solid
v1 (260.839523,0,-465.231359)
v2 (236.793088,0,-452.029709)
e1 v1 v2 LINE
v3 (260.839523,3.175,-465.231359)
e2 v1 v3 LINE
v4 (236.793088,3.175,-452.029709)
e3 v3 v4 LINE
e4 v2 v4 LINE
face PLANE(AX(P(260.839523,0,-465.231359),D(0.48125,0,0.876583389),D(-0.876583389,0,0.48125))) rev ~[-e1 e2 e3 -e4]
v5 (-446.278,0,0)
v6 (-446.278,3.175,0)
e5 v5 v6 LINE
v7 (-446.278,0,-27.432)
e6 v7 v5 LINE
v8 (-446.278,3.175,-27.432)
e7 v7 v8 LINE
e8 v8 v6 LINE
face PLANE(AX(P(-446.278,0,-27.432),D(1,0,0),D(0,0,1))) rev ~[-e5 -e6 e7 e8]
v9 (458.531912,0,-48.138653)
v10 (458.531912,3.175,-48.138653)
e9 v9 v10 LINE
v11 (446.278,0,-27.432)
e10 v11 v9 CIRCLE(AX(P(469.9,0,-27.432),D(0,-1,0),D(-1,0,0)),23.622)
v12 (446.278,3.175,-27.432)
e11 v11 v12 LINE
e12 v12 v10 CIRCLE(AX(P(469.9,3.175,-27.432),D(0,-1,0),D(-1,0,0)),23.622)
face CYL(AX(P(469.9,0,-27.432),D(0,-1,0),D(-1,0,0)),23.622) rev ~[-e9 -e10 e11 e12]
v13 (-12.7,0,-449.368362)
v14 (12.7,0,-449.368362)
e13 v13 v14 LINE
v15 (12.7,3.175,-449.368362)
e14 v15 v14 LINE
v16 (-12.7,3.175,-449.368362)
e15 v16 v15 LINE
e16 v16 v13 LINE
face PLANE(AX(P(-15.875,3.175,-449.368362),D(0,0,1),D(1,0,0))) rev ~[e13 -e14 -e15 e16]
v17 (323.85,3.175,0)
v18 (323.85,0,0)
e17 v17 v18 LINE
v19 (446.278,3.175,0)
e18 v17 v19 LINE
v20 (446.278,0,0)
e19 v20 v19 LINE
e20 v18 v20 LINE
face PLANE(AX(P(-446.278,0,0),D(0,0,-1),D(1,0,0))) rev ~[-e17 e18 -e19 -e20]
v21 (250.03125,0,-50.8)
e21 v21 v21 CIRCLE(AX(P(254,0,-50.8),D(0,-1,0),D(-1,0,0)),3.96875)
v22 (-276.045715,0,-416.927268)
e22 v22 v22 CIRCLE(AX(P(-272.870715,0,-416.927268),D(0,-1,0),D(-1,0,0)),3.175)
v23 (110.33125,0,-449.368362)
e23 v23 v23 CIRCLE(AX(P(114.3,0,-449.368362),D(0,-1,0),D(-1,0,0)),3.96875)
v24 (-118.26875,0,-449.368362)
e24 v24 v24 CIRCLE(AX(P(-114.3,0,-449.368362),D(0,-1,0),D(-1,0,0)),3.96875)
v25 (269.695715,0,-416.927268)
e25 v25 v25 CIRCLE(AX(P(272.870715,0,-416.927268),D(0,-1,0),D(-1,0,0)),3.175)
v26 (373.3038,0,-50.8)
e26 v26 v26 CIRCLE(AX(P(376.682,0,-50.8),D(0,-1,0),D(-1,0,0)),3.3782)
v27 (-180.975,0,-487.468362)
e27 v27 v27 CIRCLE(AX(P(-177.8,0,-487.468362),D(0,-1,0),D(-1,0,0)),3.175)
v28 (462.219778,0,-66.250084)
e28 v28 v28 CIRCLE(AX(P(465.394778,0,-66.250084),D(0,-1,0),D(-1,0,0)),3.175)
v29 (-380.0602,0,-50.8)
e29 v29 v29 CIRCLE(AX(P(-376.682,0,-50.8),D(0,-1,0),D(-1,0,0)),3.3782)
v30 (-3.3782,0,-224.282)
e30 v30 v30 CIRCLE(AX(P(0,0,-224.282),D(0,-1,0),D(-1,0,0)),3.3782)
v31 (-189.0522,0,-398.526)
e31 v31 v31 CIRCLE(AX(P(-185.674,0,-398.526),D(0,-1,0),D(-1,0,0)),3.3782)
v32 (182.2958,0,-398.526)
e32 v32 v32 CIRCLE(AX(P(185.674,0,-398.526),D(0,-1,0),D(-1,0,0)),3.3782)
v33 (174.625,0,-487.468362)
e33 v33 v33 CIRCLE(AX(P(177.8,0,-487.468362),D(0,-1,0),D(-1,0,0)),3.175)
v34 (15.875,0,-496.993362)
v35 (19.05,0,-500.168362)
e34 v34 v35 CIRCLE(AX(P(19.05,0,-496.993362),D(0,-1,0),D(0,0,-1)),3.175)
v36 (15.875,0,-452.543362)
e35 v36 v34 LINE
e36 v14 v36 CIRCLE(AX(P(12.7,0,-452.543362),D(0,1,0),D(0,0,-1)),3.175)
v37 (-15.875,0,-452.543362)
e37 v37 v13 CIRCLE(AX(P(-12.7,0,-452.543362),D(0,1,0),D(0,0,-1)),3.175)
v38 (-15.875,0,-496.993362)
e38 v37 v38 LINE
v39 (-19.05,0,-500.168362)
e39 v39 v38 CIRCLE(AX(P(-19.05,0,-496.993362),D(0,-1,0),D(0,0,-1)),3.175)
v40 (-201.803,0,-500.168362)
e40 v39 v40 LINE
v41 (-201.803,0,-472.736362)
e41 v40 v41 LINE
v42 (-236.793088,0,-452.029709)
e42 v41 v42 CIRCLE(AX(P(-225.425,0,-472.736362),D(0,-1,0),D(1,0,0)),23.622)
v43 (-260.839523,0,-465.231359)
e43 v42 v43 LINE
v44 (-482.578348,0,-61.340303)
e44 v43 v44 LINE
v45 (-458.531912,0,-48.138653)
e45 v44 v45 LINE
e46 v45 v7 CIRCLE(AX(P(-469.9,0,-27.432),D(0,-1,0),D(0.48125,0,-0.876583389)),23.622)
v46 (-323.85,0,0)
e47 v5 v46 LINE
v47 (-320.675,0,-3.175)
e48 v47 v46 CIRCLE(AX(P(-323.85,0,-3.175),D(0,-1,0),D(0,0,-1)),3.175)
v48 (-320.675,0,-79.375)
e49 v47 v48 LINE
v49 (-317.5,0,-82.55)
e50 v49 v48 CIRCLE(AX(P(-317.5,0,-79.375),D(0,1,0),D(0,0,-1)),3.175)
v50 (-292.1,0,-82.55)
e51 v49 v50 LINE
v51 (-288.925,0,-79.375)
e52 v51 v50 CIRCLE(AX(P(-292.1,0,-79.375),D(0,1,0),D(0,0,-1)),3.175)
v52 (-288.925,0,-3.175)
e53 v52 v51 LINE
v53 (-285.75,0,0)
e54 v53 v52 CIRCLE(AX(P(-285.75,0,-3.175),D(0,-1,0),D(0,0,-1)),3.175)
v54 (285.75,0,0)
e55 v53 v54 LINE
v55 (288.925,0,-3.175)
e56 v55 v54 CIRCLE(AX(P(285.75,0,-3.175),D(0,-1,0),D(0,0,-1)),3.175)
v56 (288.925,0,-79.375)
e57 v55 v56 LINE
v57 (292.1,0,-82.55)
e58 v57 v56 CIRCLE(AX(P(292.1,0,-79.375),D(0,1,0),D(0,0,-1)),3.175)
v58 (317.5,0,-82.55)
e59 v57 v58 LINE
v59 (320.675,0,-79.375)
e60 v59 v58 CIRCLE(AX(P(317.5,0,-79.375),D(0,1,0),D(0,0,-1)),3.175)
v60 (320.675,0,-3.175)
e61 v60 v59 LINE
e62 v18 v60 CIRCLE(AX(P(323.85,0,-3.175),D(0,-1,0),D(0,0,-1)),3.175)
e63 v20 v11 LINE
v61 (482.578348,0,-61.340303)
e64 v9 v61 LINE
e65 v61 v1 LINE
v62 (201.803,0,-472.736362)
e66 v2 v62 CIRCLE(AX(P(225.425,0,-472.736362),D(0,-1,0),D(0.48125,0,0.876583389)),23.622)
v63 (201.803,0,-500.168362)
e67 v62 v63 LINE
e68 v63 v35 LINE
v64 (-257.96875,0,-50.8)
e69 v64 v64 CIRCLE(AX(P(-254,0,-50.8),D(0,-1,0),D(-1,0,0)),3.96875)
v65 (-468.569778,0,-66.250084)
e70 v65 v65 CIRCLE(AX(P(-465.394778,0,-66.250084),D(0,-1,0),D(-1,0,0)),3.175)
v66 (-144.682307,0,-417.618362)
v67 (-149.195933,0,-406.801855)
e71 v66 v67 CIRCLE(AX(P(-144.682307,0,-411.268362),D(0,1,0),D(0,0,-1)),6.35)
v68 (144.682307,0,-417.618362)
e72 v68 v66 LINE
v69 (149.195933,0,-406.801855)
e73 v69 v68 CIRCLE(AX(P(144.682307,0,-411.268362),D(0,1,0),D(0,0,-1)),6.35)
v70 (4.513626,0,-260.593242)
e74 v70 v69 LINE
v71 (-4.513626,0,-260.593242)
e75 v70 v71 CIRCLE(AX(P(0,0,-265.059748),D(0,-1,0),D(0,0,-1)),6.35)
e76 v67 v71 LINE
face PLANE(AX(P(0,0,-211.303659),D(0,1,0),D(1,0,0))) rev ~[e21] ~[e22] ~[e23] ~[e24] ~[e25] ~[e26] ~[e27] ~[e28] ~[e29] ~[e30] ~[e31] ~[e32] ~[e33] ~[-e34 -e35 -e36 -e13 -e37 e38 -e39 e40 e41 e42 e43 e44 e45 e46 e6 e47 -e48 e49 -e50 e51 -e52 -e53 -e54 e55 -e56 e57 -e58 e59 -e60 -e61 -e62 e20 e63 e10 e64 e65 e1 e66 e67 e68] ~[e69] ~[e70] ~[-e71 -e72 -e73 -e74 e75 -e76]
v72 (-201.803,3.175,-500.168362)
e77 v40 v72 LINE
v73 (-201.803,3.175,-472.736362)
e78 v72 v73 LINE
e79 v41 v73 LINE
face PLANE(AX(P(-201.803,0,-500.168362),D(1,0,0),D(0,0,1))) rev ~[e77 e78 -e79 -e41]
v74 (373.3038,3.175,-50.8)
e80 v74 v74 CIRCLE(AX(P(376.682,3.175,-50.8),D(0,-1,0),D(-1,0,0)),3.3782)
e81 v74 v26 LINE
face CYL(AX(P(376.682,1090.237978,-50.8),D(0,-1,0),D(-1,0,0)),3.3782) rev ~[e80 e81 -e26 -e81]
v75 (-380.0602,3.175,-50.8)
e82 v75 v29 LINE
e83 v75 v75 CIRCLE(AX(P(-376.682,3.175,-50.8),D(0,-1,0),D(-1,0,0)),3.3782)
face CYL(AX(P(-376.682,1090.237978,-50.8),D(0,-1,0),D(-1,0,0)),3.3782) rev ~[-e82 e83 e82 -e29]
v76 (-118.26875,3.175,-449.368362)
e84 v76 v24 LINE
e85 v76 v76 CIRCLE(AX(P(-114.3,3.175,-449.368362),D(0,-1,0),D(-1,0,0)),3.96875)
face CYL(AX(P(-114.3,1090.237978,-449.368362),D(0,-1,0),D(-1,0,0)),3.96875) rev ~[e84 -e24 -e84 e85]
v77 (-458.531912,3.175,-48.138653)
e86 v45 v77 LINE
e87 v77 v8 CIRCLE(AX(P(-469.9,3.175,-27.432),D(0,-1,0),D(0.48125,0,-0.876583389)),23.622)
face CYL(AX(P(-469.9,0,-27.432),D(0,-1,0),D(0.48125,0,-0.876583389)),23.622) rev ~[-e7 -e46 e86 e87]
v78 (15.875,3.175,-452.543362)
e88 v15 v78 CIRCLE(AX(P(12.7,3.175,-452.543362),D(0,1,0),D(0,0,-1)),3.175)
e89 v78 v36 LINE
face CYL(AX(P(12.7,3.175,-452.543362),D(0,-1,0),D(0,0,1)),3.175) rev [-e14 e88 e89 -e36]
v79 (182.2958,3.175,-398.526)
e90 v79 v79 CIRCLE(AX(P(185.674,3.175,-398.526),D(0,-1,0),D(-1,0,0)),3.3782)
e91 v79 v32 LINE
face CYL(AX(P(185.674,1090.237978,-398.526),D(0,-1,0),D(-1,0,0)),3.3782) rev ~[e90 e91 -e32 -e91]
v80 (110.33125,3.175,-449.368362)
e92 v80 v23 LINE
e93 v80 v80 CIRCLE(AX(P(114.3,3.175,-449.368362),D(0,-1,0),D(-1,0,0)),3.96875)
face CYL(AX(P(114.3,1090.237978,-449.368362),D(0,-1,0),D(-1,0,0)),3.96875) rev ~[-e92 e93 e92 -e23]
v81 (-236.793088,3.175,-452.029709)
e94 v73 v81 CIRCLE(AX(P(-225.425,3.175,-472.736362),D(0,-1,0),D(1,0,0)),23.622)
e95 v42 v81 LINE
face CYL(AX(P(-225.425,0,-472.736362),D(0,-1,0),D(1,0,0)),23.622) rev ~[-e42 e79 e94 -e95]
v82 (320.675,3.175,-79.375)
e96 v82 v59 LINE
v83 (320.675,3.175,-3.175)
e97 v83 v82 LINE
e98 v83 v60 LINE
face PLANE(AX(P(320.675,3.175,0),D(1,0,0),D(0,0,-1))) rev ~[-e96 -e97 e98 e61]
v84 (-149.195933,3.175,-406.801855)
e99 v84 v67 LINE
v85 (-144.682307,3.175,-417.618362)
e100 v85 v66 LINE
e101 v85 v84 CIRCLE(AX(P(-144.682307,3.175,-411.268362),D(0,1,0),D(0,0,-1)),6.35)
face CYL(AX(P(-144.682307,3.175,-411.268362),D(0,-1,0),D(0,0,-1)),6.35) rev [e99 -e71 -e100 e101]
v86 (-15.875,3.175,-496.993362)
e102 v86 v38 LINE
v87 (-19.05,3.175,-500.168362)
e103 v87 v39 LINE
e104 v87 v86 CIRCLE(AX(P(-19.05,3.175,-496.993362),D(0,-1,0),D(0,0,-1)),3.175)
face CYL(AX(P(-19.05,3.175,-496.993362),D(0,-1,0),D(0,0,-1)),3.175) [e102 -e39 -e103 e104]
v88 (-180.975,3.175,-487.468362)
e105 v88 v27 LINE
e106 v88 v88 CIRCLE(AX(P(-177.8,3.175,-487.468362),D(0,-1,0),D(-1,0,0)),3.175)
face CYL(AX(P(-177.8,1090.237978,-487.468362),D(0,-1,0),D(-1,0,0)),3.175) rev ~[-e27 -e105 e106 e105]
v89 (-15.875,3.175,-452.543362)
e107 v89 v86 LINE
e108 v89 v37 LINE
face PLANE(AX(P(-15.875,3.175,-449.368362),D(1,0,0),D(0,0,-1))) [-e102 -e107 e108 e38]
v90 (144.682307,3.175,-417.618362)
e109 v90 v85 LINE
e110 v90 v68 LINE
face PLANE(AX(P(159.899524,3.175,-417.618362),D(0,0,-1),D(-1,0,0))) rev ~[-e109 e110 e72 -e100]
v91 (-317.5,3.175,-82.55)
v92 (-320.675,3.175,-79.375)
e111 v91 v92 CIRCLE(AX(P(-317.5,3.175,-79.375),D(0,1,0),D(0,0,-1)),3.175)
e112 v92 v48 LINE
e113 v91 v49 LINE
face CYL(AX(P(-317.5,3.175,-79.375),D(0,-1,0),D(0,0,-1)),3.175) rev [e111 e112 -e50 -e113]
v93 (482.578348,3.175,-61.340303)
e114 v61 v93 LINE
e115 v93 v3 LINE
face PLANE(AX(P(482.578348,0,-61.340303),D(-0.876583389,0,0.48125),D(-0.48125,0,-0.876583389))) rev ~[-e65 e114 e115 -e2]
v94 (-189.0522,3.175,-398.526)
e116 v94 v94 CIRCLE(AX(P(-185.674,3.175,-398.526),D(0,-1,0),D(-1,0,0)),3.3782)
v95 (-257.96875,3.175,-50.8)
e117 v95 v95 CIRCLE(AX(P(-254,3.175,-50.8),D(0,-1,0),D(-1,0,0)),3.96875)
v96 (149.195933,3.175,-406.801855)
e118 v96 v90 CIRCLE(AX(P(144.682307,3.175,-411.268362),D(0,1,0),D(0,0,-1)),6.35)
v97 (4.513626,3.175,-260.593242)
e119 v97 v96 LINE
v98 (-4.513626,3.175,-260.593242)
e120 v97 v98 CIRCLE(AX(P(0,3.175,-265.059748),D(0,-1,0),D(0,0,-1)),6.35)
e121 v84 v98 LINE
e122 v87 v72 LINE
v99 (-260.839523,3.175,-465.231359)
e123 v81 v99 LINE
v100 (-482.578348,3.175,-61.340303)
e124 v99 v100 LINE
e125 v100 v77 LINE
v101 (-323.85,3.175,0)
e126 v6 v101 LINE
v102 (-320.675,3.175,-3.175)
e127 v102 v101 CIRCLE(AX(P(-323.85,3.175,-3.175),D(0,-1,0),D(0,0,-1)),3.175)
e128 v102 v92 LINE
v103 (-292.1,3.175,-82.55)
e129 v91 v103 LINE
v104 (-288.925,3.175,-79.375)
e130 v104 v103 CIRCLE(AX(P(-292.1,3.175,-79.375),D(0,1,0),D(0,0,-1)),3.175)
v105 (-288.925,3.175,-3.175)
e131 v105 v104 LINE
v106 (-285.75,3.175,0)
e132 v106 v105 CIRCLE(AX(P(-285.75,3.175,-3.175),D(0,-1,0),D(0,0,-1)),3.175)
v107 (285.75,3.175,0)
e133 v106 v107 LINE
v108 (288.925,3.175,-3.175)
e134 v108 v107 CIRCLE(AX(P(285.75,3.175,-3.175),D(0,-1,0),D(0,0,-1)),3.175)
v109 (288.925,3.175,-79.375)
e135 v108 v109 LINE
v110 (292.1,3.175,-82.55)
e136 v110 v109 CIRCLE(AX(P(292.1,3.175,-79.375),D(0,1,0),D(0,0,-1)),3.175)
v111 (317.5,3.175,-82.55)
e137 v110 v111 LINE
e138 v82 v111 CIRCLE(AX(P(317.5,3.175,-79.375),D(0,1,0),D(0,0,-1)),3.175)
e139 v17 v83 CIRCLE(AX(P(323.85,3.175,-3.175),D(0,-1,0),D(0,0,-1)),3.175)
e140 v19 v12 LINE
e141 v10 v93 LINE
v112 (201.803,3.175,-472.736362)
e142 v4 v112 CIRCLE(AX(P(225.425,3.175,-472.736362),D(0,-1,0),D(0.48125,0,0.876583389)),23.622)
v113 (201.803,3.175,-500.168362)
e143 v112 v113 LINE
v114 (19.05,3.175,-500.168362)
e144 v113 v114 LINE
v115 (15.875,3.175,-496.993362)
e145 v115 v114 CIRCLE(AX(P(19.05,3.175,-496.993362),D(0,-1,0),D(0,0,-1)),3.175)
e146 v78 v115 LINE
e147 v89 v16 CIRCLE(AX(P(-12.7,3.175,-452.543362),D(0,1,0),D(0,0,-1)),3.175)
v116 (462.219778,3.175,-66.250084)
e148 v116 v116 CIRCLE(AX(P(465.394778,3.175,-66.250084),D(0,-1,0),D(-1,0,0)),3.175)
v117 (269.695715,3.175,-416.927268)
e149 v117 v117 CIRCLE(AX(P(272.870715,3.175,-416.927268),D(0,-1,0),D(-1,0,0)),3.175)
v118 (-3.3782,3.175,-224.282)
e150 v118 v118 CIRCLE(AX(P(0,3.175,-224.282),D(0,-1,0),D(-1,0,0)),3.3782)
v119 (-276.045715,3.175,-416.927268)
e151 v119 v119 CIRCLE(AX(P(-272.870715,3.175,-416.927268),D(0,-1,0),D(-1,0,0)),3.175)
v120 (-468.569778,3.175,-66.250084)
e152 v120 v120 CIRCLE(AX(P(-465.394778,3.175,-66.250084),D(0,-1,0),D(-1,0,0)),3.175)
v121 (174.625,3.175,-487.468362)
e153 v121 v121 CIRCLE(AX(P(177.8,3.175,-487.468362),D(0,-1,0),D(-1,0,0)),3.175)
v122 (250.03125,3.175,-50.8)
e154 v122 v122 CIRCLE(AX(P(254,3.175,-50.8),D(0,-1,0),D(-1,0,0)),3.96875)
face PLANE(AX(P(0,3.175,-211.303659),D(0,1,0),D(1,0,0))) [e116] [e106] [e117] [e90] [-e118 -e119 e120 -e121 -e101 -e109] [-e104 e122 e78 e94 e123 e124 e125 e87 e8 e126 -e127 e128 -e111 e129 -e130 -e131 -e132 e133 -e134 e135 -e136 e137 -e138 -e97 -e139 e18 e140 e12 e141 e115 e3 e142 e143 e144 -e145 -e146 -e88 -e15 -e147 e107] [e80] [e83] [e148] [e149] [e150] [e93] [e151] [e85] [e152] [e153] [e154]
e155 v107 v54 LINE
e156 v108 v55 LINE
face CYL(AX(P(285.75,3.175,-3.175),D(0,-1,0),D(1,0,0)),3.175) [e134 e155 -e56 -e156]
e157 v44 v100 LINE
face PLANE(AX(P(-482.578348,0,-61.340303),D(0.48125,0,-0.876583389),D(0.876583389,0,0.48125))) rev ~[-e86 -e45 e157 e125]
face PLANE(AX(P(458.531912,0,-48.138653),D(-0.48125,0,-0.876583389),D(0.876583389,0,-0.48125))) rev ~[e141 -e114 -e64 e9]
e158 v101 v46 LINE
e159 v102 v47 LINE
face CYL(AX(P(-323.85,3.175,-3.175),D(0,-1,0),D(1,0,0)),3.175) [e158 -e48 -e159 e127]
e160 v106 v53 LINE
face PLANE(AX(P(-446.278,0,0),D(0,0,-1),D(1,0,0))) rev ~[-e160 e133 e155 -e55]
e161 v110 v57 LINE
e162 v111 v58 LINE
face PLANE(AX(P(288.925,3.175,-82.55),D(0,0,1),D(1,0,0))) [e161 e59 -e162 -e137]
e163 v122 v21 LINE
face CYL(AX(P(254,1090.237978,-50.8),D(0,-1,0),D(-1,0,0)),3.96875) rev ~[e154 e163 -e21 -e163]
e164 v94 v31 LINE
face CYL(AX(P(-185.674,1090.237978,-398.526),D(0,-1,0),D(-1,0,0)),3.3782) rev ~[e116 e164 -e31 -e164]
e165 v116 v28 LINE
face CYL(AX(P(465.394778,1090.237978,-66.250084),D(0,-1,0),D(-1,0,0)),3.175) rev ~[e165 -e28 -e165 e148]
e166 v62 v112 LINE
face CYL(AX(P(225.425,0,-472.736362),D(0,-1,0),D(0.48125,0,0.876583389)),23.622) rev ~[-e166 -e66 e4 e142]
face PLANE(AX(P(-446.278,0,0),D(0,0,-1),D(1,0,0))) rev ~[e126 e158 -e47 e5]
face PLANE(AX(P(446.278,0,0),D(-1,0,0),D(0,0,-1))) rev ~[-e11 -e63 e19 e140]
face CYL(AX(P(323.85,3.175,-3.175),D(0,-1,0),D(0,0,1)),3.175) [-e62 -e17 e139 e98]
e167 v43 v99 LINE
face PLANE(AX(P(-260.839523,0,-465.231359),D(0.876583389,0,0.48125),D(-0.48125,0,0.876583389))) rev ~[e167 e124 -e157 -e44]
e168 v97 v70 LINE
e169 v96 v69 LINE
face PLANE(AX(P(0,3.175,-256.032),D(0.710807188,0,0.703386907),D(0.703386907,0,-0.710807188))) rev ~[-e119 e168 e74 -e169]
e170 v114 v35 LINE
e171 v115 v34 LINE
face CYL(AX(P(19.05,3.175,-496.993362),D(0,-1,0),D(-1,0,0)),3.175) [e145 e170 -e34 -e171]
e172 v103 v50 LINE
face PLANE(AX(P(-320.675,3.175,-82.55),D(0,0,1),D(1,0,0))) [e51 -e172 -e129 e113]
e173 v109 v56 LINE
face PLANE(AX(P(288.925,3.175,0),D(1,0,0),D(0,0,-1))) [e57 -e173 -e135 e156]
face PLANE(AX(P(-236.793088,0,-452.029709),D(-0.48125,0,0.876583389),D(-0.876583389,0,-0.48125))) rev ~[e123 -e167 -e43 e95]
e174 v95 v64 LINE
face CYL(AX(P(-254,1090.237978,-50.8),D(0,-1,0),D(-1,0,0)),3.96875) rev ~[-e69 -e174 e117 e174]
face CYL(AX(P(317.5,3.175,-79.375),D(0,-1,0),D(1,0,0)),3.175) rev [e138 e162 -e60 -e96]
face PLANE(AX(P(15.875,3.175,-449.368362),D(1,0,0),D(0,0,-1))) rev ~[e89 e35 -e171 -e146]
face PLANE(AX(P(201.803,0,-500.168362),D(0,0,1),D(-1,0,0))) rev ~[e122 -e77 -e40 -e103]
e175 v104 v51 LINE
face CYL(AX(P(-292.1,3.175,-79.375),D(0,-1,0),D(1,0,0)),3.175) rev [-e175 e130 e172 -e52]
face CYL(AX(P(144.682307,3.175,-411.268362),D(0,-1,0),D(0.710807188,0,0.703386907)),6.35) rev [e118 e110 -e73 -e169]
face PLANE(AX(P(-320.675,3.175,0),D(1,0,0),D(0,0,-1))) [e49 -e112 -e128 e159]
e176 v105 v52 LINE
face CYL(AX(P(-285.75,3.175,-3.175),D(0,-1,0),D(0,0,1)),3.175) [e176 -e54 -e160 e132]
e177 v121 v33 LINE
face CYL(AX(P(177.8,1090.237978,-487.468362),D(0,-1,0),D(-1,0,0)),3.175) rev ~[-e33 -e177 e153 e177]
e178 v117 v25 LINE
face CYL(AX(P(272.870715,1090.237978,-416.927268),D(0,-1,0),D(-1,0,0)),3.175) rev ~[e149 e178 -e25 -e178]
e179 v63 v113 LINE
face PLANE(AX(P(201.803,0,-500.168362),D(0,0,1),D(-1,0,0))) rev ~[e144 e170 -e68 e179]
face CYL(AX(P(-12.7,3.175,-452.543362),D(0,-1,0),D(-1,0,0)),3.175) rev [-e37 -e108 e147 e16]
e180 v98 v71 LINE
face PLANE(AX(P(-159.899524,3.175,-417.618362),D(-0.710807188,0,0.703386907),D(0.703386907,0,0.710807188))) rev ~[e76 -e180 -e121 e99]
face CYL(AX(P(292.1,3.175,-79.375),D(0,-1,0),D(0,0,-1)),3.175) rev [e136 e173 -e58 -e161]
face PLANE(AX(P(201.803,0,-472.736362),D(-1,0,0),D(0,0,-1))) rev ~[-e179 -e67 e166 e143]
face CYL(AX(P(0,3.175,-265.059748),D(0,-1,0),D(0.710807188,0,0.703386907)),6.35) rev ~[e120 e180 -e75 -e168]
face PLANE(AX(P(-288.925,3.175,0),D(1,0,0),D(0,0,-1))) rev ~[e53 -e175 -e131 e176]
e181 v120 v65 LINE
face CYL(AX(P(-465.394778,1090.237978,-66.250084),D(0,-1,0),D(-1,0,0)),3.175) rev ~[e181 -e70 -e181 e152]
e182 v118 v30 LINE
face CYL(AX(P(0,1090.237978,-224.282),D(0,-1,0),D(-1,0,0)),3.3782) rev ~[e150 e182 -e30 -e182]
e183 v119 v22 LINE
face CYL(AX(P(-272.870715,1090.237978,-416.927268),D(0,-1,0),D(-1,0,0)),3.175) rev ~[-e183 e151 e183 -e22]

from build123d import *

# Parameters (mm, degrees)
BOSS_EXTRUDE1_DEPTH            = 3.175
SKETCH2_W                      = 31.75
SKETCH2_H                      = 82.55
CUT_EXTRUDE1_DEPTH             = 4.175
FILLET1_R                      = 3.175
F_1_4_0_25_DIAMETER_HOLE1_D    = 6.35
F_1_4_CLEARANCE_HOLE1_D        = 6.7564
F_5_16_0_3125_DIAMETER_HOLE1_D = 7.9375
CUT_EXTRUDE2_DEPTH             = 4.175
FILLET2_R                      = 6.35
SKETCH12_W                     = 31.75
SKETCH12_H                     = 50.8
CUT_EXTRUDE3_DEPTH             = 4.175
FILLET3_R                      = 3.175


with BuildPart() as part:
    # Sketch1 → Boss-Extrude1 (new body)
    with BuildSketch(Plane(origin=(0, 0, 0), x_dir=(1, 0, 0), z_dir=(0, 1, 0))):
        with BuildLine():
            Line((-260.839523021, 465.231358695), (-482.578348021, 61.34030281))
            Line((-482.578348021, 61.34030281), (-458.5319125, 48.13865281))
            ThreePointArc((-458.5319125, 48.13865281), (-449.57100781, 39.462418136), (-446.278, 27.432))
            Line((-446.278, 27.432), (-446.278, 0))
            Line((-446.278, 0), (446.278, 0))
            Line((446.278, 0), (446.278, 27.432))
            ThreePointArc((446.278, 27.432), (449.57100781, 39.462418136), (458.5319125, 48.13865281))
            Line((458.5319125, 48.13865281), (482.578348021, 61.34030281))
            Line((482.578348021, 61.34030281), (260.839523021, 465.231358695))
            Line((260.839523021, 465.231358695), (236.7930875, 452.029708695))
            ThreePointArc((236.7930875, 452.029708695), (213.394581864, 452.407369315), (201.803, 472.736361505))
            Line((201.803, 472.736361505), (201.803, 500.168361505))
            Line((201.803, 500.168361505), (-201.803, 500.168361505))
            Line((-201.803, 500.168361505), (-201.803, 472.736361505))
            ThreePointArc((-201.803, 472.736361505), (-213.394581864, 452.407369315), (-236.7930875, 452.029708695))
            Line((-236.7930875, 452.029708695), (-260.839523021, 465.231358695))
        make_face()
    extrude(amount=BOSS_EXTRUDE1_DEPTH)

    # Sketch2 → Cut-Extrude1 (cut, through all)
    with BuildSketch(Plane(origin=(0, 3.175, 0), x_dir=(1, 0, 0), z_dir=(0, 1, 0))):
        with Locations((-304.8, 41.275)):
            Rectangle(SKETCH2_W, SKETCH2_H)
        with Locations((304.8, 41.275)):
            Rectangle(SKETCH2_W, SKETCH2_H)
    extrude(amount=-CUT_EXTRUDE1_DEPTH, mode=Mode.SUBTRACT)

    # Fillet1
    fillet1_edges = [part.edges().sort_by_distance(p)[0] for p in [
        (-288.925, 1.5875, -82.55),
        (-288.925, 1.5875, 0),
        (-320.675, 1.5875, 0),
        (-320.675, 1.5875, -82.55),
        (288.925, 1.5875, 0),
        (288.925, 1.5875, -82.55),
        (320.675, 1.5875, -82.55),
        (320.675, 1.5875, 0),
    ]]
    fillet(fillet1_edges, radius=FILLET1_R)

    # 1/4 (0.25) Diameter Hole1 (through all)
    with Locations(Plane(origin=(0, 3.175, 0), x_dir=(1, 0, 0), z_dir=(0, 1, 0))):
        with Locations((-465.394777961, 66.250083744), (-272.870715461, 416.927268429), (-177.8, 487.468361505), (465.394777961, 66.250083744), (272.870715461, 416.927268429), (177.8, 487.468361505)):
            Hole(F_1_4_0_25_DIAMETER_HOLE1_D / 2)

    # 1/4 Clearance Hole1 (through all)
    with Locations(Plane(origin=(0, 3.175, 0), x_dir=(1, 0, 0), z_dir=(0, 1, 0))):
        with Locations((0, 224.282), (-376.682, 50.8), (-185.674, 398.526), (376.682, 50.8), (185.674, 398.526)):
            Hole(F_1_4_CLEARANCE_HOLE1_D / 2)

    # 5/16 (0.3125) Diameter Hole1 (through all)
    with Locations(Plane(origin=(0, 3.175, 0), x_dir=(1, 0, 0), z_dir=(0, 1, 0))):
        with Locations((-254, 50.8), (-114.3, 449.368361505), (254, 50.8), (114.3, 449.368361505)):
            Hole(F_5_16_0_3125_DIAMETER_HOLE1_D / 2)

    # Sketch11 → Cut-Extrude2 (cut, through all)
    with BuildSketch(Plane(origin=(0, 3.175, 0), x_dir=(1, 0, 0), z_dir=(0, 1, 0))):
        Polygon((0, 256.032), (159.899523893, 417.618361505), (-159.899523893, 417.618361505), align=None)
    extrude(amount=-CUT_EXTRUDE2_DEPTH, mode=Mode.SUBTRACT)

    # Fillet2
    fillet2_edges = [part.edges().sort_by_distance(p)[0] for p in [
        (0, 1.5875, -256.032),
        (-159.899523893, 1.5875, -417.618361505),
        (159.899523893, 1.5875, -417.618361505),
    ]]
    fillet(fillet2_edges, radius=FILLET2_R)

    # Sketch12 → Cut-Extrude3 (cut, through all)
    with BuildSketch(Plane(origin=(0, 3.175, 0), x_dir=(1, 0, 0), z_dir=(0, 1, 0))):
        with Locations((0, 474.768361505)):
            Rectangle(SKETCH12_W, SKETCH12_H)
    extrude(amount=-CUT_EXTRUDE3_DEPTH, mode=Mode.SUBTRACT)

    # Fillet3
    fillet3_edges = [part.edges().sort_by_distance(p)[0] for p in [
        (-15.875, 1.5875, -449.368361505),
        (-15.875, 1.5875, -500.168361505),
        (15.875, 1.5875, -500.168361505),
        (15.875, 1.5875, -449.368361505),
    ]]
    fillet(fillet3_edges, radius=FILLET3_R)


solid = part.part
